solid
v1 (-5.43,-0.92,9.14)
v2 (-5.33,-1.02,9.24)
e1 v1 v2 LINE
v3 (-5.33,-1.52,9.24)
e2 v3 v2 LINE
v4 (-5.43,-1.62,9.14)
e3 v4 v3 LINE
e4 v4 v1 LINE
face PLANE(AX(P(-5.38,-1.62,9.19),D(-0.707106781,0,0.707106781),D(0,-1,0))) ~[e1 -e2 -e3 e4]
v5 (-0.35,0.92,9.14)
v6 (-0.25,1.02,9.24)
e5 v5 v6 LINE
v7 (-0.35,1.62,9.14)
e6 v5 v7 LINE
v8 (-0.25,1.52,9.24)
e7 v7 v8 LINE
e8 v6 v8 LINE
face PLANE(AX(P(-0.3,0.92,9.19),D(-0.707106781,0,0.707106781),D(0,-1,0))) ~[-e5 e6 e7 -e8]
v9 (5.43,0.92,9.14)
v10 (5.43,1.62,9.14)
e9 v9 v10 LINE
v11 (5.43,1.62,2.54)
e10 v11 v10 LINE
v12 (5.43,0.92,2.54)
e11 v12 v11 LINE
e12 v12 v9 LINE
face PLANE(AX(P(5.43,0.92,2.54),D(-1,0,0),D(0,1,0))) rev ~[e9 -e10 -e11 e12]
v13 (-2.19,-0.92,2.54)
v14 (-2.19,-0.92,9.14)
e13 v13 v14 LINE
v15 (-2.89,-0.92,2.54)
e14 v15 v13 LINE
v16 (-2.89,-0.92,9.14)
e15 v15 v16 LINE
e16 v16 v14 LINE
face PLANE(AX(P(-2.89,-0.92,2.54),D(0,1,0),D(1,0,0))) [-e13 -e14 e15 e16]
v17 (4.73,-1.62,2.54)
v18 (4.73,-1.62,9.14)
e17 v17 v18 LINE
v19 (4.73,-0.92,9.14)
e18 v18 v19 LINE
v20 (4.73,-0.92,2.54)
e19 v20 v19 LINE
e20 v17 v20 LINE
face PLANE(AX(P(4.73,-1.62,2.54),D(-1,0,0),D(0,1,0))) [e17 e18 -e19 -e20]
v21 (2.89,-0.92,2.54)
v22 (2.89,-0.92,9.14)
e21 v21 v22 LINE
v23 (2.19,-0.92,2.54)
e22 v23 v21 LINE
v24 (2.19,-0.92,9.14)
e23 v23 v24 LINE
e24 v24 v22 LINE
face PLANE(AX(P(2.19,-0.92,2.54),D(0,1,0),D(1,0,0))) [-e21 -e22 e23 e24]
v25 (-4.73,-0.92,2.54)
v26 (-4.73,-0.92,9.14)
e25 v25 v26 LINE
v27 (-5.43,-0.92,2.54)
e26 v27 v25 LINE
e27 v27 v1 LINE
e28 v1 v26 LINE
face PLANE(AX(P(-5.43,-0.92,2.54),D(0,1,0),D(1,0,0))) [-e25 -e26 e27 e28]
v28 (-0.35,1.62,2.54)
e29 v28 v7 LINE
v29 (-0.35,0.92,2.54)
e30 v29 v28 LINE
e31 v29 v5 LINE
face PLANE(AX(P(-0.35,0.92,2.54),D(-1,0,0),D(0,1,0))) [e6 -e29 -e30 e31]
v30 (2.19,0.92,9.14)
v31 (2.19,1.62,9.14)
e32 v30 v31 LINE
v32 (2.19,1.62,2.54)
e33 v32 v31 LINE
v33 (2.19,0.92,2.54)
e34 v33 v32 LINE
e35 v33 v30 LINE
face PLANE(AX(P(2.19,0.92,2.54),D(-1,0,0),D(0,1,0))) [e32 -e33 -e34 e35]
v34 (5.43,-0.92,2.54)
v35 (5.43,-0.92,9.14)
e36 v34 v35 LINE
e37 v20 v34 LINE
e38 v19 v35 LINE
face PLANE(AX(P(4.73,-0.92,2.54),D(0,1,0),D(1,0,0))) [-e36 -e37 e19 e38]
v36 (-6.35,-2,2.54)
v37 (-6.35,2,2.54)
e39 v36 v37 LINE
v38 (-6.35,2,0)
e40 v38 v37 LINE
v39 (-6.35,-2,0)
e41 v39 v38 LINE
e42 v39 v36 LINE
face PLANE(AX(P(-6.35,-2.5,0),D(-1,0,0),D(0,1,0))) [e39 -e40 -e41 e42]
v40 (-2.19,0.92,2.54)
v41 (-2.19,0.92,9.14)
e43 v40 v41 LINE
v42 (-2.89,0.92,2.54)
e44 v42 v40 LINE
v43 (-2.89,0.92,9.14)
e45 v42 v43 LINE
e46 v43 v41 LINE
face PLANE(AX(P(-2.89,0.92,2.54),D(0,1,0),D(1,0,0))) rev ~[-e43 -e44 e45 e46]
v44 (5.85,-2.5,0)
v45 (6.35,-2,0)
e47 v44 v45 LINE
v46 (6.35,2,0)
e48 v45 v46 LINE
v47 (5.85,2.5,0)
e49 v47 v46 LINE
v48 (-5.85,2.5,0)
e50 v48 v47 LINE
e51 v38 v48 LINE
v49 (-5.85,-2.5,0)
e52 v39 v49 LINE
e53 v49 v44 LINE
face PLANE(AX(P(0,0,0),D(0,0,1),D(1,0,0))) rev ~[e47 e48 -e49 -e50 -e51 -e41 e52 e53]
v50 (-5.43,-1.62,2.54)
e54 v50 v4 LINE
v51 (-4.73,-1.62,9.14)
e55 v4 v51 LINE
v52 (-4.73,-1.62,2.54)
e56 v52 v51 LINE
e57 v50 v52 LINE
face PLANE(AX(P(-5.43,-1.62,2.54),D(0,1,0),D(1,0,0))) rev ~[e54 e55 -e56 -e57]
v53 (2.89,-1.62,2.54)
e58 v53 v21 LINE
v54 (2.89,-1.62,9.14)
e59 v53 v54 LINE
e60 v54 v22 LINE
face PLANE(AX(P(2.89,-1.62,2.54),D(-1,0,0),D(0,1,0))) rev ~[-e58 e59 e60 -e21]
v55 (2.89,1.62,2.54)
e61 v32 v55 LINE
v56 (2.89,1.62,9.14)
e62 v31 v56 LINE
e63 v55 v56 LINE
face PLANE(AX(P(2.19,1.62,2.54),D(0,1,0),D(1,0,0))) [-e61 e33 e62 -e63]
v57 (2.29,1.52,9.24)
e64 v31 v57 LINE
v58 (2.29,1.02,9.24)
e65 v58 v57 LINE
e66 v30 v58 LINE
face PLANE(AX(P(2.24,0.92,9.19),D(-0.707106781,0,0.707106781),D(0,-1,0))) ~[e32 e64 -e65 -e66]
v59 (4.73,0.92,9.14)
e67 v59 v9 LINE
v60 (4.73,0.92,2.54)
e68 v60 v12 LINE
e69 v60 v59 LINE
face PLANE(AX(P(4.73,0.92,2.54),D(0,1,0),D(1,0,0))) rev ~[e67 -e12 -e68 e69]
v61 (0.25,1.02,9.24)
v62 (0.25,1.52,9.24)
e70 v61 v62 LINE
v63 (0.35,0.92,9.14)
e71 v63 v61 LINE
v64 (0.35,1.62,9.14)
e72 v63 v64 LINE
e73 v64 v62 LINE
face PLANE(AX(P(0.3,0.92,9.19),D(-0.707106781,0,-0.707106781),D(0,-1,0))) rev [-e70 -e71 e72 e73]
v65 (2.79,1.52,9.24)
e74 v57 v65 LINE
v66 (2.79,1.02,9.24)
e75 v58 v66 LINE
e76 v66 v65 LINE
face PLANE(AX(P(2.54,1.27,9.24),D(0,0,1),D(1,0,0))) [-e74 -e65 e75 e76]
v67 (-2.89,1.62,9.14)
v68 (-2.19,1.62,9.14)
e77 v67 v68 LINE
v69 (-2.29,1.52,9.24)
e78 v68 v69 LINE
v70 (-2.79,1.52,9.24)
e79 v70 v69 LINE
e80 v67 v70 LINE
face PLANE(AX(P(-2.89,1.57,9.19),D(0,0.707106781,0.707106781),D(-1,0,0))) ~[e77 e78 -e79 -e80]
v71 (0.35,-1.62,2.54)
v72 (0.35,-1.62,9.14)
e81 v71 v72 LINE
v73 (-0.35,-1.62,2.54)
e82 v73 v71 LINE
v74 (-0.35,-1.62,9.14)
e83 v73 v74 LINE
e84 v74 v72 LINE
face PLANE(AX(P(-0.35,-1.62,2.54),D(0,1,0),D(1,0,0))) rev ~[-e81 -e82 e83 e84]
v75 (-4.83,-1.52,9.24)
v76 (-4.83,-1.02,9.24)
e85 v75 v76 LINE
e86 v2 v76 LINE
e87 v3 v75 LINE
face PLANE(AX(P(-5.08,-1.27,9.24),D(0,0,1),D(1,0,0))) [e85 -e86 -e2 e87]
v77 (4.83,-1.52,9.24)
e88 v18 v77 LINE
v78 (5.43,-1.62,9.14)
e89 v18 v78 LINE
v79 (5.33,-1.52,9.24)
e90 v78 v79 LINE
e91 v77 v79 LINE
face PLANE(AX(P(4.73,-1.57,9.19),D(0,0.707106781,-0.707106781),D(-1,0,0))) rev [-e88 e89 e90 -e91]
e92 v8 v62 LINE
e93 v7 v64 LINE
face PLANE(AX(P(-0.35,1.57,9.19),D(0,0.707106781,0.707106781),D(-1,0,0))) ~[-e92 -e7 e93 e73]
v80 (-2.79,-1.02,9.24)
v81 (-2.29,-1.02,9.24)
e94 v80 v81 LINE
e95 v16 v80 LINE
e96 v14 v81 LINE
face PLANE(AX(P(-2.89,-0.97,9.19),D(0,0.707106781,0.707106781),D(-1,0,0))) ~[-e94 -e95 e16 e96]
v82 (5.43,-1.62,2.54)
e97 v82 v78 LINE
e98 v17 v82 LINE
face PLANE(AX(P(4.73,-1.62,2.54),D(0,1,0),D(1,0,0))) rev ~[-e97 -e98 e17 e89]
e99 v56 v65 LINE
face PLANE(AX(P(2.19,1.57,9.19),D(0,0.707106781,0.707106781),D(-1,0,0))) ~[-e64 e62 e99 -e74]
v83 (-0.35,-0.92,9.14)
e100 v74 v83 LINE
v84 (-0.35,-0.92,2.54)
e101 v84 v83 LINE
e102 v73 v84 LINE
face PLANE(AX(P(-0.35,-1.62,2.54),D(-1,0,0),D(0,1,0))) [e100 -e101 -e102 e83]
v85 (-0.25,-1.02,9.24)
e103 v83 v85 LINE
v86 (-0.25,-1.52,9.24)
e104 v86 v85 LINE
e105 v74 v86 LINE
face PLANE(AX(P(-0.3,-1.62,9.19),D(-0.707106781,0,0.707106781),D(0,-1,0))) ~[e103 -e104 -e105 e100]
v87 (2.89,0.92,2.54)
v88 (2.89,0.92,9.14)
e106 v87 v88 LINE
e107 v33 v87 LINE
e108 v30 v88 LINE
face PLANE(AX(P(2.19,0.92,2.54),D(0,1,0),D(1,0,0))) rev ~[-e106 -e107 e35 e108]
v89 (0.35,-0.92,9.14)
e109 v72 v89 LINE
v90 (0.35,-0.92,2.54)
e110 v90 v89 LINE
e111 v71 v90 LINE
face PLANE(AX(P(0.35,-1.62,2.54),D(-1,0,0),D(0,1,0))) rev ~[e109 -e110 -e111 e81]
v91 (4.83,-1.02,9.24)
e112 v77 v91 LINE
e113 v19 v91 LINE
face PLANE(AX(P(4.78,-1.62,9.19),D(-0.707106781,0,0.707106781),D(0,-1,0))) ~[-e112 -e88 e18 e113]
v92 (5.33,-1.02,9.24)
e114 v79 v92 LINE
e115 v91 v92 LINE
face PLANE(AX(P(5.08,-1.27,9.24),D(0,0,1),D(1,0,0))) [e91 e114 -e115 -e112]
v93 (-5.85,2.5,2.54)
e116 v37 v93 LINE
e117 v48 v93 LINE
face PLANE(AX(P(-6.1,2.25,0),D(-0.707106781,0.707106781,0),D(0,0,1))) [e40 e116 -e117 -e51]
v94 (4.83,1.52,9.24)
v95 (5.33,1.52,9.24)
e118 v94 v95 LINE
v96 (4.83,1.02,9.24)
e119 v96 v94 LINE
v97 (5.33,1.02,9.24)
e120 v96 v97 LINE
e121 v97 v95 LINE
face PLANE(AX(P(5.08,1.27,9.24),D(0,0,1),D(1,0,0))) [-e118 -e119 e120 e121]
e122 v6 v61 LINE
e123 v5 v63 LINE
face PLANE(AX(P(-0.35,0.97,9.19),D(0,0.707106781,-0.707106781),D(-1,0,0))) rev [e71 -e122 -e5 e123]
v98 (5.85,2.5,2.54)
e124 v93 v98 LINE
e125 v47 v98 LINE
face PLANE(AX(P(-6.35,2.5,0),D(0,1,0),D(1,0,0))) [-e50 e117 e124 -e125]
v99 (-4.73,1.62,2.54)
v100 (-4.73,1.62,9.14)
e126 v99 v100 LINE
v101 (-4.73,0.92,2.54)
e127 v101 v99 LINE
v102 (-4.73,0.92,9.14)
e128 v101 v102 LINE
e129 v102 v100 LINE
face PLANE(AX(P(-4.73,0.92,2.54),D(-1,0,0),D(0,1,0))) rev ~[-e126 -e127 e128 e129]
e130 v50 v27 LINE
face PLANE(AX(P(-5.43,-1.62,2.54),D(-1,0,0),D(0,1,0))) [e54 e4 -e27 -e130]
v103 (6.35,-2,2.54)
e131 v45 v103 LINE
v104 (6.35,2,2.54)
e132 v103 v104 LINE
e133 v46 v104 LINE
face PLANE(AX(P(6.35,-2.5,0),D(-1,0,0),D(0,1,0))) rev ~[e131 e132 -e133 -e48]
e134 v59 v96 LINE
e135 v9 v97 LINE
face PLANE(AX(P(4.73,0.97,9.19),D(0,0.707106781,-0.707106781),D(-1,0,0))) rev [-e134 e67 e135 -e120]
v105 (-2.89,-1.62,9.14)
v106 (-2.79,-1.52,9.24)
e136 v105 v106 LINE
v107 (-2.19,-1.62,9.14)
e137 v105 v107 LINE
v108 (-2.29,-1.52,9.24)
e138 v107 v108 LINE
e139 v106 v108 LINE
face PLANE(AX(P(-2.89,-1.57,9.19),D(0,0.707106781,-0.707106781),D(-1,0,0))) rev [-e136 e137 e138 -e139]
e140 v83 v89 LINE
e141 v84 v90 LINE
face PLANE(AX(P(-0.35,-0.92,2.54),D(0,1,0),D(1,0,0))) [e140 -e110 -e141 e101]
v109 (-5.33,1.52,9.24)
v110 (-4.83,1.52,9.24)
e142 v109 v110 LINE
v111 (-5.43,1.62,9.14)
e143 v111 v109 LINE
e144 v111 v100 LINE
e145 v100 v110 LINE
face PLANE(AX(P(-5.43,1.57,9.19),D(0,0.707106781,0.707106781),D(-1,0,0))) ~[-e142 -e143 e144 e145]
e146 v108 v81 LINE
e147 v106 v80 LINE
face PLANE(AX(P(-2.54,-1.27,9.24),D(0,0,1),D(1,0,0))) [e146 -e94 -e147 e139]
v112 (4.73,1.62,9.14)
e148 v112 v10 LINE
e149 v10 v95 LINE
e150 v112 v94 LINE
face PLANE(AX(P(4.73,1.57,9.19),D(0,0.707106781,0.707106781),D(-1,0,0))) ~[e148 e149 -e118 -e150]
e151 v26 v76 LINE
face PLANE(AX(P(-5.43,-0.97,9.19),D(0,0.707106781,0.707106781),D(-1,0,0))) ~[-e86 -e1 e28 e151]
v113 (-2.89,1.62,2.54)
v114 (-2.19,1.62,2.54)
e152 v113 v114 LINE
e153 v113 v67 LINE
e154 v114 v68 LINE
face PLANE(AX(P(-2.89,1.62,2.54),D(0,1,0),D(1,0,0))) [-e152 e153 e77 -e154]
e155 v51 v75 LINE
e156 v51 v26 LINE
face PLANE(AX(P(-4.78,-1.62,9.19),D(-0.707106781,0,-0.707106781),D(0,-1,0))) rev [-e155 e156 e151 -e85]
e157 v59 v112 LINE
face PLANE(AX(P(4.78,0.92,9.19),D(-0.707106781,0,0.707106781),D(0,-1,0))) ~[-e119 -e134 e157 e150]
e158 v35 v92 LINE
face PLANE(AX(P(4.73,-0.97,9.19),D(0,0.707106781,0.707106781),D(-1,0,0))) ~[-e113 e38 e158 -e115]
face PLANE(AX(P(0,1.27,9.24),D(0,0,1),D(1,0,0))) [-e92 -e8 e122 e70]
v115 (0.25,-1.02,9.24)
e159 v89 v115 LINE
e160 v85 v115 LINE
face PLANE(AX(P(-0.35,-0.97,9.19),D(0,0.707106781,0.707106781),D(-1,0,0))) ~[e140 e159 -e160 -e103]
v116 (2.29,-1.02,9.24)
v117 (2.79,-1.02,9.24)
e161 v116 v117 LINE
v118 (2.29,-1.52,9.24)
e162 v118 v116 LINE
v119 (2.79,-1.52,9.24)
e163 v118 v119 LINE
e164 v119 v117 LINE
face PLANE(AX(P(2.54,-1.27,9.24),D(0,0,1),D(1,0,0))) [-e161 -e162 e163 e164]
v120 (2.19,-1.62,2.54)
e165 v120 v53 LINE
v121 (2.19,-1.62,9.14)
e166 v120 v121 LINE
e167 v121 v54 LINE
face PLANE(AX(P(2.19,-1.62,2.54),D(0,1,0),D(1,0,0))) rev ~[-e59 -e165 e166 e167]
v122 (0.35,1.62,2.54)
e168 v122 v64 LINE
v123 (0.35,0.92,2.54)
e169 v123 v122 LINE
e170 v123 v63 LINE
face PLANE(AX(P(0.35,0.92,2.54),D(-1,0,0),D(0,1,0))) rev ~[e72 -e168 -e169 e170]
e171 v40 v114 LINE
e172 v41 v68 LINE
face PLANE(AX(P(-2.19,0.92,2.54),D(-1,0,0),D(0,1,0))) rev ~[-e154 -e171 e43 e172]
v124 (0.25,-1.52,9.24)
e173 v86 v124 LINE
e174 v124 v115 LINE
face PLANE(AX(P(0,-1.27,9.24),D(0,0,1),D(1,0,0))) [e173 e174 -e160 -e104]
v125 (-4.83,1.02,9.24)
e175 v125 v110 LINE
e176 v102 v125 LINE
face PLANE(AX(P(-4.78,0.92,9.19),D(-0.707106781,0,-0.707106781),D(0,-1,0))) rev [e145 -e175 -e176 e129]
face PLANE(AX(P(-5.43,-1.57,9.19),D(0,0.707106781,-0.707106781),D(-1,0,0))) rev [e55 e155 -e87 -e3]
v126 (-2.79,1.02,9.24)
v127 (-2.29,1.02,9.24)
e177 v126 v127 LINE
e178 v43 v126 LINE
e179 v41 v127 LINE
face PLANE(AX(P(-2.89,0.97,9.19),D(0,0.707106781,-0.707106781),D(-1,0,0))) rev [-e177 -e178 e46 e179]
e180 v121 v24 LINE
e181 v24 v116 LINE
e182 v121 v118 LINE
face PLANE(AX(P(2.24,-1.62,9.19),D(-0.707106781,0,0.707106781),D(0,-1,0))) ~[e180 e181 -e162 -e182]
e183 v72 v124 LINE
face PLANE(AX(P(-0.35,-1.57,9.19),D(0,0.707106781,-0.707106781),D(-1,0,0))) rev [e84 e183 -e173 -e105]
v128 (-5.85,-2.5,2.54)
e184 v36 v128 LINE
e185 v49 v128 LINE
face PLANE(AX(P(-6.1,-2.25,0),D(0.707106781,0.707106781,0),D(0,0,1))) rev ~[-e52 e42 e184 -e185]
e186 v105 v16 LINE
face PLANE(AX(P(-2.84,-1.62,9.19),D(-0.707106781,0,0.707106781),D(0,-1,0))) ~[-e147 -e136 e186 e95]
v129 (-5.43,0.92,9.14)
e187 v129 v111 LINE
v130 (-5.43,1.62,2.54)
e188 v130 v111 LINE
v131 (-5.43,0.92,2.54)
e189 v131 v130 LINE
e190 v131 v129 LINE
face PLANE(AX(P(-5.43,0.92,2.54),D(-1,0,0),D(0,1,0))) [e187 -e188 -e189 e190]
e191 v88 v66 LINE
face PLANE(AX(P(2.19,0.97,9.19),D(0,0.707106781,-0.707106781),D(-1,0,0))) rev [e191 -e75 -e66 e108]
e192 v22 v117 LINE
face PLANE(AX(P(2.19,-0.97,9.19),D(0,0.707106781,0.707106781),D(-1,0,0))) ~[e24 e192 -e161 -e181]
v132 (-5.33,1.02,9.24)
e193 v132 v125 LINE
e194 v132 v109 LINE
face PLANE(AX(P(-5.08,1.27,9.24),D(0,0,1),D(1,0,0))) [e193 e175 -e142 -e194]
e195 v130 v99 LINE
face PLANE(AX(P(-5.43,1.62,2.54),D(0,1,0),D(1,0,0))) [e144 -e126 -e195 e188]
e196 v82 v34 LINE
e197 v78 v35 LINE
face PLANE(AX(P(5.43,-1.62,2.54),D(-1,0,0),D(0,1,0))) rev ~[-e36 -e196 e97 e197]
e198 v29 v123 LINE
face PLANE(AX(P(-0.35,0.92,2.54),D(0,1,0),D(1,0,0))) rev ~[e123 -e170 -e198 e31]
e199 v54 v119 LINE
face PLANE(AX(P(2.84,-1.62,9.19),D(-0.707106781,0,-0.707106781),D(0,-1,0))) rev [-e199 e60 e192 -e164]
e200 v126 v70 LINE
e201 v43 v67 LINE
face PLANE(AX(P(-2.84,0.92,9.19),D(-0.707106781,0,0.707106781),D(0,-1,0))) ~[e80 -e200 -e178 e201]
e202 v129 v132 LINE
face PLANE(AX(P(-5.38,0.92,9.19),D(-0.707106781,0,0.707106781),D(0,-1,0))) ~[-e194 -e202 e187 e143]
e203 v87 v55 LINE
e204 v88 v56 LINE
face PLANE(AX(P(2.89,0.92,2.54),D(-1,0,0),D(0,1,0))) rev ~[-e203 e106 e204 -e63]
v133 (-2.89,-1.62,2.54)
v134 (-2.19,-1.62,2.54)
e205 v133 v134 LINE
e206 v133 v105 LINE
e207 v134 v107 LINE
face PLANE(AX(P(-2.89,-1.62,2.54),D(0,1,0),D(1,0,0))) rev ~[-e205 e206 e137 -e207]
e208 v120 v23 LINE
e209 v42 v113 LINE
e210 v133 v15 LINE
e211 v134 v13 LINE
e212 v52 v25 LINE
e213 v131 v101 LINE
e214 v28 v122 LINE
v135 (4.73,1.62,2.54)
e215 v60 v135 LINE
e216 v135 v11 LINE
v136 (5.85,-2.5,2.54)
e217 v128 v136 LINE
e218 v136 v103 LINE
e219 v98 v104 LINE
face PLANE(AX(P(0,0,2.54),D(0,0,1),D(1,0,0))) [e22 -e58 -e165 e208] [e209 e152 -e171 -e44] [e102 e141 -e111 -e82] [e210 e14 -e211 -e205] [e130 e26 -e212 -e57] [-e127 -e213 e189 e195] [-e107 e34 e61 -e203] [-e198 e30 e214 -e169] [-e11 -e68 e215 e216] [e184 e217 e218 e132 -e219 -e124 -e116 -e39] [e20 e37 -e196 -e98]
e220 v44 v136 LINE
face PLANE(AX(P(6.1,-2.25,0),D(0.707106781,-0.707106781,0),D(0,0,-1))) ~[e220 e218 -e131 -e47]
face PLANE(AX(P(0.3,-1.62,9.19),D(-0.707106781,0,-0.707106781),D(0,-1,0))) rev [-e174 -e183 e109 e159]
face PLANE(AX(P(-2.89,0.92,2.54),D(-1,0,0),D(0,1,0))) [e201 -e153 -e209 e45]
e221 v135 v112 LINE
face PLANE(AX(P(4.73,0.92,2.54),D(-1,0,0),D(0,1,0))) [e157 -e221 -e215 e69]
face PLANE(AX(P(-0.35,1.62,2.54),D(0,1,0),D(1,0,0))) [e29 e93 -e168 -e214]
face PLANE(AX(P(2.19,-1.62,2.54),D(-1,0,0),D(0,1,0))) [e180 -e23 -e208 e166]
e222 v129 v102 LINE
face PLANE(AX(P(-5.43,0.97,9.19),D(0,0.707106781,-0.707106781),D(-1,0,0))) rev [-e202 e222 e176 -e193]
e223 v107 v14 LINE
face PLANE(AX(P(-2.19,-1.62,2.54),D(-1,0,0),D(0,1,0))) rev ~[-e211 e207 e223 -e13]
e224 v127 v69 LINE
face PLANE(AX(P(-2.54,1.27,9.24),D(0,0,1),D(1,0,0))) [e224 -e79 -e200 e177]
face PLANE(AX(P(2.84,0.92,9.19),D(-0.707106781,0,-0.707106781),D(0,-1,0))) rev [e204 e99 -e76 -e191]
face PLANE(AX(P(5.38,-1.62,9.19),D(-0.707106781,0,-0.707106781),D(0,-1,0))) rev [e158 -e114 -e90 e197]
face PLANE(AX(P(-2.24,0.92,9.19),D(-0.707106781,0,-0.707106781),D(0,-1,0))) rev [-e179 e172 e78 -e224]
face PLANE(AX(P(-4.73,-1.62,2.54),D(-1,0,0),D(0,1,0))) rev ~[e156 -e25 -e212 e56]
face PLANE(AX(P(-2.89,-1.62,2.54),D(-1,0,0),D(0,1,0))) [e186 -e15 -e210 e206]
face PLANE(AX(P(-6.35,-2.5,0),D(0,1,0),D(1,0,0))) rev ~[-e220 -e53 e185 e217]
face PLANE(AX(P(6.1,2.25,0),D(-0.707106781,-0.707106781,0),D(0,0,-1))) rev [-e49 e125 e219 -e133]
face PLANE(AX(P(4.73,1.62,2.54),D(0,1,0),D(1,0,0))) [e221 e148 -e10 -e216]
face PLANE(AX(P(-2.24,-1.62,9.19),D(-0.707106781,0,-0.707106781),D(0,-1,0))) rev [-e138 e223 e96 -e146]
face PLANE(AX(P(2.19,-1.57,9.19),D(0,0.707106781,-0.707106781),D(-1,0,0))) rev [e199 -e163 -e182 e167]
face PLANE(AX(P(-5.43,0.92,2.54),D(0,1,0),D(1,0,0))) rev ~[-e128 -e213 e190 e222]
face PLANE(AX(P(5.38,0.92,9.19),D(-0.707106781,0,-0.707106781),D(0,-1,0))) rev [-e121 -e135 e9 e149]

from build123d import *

# Parameters (mm, degrees)
SKETCH1_W           = 12.7
SKETCH1_H           = 5
BOSS_EXTRUDE1_DEPTH = 2.54
SKETCH2_W           = 0.7
SKETCH2_H           = 0.7
BOSS_EXTRUDE2_DEPTH = 6.7
CHAMFER1_SIZE       = 0.5
CHAMFER2_SIZE       = 0.1


with BuildPart() as part:
    # Sketch1 → Boss-Extrude1 (new body)
    with BuildSketch(Plane.XY):
        Rectangle(SKETCH1_W, SKETCH1_H)
    extrude(amount=BOSS_EXTRUDE1_DEPTH)

    # Sketch2 → Boss-Extrude2 (add)
    with BuildSketch(Plane.XY.offset(2.54)):
        with Locations((-2.54, 1.27)):
            Rectangle(SKETCH2_W, SKETCH2_H)
        with Locations((-5.08, 1.27)):
            Rectangle(SKETCH2_W, SKETCH2_H)
        with Locations((0, 1.27)):
            Rectangle(SKETCH2_W, SKETCH2_H)
        with Locations((2.54, 1.27)):
            Rectangle(SKETCH2_W, SKETCH2_H)
        with Locations((5.08, 1.27)):
            Rectangle(SKETCH2_W, SKETCH2_H)
        with Locations((-2.54, -1.27)):
            Rectangle(SKETCH2_W, SKETCH2_H)
        with Locations((0, -1.27)):
            Rectangle(SKETCH2_W, SKETCH2_H)
        with Locations((2.54, -1.27)):
            Rectangle(SKETCH2_W, SKETCH2_H)
        with Locations((5.08, -1.27)):
            Rectangle(SKETCH2_W, SKETCH2_H)
        with Locations((-5.08, -1.27)):
            Rectangle(SKETCH2_W, SKETCH2_H)
    extrude(amount=BOSS_EXTRUDE2_DEPTH)

    # Chamfer1
    chamfer1_edges = [part.edges().sort_by_distance(p)[0] for p in [
        (6.35, -2.5, 1.27),
        (-6.35, -2.5, 1.27),
        (-6.35, 2.5, 1.27),
        (6.35, 2.5, 1.27),
    ]]
    chamfer(chamfer1_edges, length=CHAMFER1_SIZE)

    # Chamfer2
    chamfer2_edges = [part.edges().sort_by_distance(p)[0] for p in [
        (4.73, -1.27, 9.24),
        (5.08, -1.62, 9.24),
        (5.43, -1.27, 9.24),
        (5.08, -0.92, 9.24),
        (-5.08, -1.62, 9.24),
        (-4.73, -1.27, 9.24),
        (-5.08, -0.92, 9.24),
        (-5.43, -1.27, 9.24),
        (-5.43, 1.27, 9.24),
        (-5.08, 0.92, 9.24),
        (-4.73, 1.27, 9.24),
        (-5.08, 1.62, 9.24),
        (-2.89, 1.27, 9.24),
        (-2.54, 0.92, 9.24),
        (-2.19, 1.27, 9.24),
        (-2.54, 1.62, 9.24),
        (-0.35, 1.27, 9.24),
        (0, 0.92, 9.24),
        (0.35, 1.27, 9.24),
        (0, 1.62, 9.24),
        (2.19, 1.27, 9.24),
        (2.54, 0.92, 9.24),
        (2.89, 1.27, 9.24),
        (2.54, 1.62, 9.24),
        (4.73, 1.27, 9.24),
        (5.08, 0.92, 9.24),
        (5.43, 1.27, 9.24),
        (5.08, 1.62, 9.24),
        (-2.89, -1.27, 9.24),
        (-2.54, -1.62, 9.24),
        (-2.19, -1.27, 9.24),
        (-2.54, -0.92, 9.24),
        (-0.35, -1.27, 9.24),
        (0, -1.62, 9.24),
        (0.35, -1.27, 9.24),
        (0, -0.92, 9.24),
        (2.19, -1.27, 9.24),
        (2.54, -1.62, 9.24),
        (2.89, -1.27, 9.24),
        (2.54, -0.92, 9.24),
    ]]
    chamfer(chamfer2_edges, length=CHAMFER2_SIZE)


solid = part.part
